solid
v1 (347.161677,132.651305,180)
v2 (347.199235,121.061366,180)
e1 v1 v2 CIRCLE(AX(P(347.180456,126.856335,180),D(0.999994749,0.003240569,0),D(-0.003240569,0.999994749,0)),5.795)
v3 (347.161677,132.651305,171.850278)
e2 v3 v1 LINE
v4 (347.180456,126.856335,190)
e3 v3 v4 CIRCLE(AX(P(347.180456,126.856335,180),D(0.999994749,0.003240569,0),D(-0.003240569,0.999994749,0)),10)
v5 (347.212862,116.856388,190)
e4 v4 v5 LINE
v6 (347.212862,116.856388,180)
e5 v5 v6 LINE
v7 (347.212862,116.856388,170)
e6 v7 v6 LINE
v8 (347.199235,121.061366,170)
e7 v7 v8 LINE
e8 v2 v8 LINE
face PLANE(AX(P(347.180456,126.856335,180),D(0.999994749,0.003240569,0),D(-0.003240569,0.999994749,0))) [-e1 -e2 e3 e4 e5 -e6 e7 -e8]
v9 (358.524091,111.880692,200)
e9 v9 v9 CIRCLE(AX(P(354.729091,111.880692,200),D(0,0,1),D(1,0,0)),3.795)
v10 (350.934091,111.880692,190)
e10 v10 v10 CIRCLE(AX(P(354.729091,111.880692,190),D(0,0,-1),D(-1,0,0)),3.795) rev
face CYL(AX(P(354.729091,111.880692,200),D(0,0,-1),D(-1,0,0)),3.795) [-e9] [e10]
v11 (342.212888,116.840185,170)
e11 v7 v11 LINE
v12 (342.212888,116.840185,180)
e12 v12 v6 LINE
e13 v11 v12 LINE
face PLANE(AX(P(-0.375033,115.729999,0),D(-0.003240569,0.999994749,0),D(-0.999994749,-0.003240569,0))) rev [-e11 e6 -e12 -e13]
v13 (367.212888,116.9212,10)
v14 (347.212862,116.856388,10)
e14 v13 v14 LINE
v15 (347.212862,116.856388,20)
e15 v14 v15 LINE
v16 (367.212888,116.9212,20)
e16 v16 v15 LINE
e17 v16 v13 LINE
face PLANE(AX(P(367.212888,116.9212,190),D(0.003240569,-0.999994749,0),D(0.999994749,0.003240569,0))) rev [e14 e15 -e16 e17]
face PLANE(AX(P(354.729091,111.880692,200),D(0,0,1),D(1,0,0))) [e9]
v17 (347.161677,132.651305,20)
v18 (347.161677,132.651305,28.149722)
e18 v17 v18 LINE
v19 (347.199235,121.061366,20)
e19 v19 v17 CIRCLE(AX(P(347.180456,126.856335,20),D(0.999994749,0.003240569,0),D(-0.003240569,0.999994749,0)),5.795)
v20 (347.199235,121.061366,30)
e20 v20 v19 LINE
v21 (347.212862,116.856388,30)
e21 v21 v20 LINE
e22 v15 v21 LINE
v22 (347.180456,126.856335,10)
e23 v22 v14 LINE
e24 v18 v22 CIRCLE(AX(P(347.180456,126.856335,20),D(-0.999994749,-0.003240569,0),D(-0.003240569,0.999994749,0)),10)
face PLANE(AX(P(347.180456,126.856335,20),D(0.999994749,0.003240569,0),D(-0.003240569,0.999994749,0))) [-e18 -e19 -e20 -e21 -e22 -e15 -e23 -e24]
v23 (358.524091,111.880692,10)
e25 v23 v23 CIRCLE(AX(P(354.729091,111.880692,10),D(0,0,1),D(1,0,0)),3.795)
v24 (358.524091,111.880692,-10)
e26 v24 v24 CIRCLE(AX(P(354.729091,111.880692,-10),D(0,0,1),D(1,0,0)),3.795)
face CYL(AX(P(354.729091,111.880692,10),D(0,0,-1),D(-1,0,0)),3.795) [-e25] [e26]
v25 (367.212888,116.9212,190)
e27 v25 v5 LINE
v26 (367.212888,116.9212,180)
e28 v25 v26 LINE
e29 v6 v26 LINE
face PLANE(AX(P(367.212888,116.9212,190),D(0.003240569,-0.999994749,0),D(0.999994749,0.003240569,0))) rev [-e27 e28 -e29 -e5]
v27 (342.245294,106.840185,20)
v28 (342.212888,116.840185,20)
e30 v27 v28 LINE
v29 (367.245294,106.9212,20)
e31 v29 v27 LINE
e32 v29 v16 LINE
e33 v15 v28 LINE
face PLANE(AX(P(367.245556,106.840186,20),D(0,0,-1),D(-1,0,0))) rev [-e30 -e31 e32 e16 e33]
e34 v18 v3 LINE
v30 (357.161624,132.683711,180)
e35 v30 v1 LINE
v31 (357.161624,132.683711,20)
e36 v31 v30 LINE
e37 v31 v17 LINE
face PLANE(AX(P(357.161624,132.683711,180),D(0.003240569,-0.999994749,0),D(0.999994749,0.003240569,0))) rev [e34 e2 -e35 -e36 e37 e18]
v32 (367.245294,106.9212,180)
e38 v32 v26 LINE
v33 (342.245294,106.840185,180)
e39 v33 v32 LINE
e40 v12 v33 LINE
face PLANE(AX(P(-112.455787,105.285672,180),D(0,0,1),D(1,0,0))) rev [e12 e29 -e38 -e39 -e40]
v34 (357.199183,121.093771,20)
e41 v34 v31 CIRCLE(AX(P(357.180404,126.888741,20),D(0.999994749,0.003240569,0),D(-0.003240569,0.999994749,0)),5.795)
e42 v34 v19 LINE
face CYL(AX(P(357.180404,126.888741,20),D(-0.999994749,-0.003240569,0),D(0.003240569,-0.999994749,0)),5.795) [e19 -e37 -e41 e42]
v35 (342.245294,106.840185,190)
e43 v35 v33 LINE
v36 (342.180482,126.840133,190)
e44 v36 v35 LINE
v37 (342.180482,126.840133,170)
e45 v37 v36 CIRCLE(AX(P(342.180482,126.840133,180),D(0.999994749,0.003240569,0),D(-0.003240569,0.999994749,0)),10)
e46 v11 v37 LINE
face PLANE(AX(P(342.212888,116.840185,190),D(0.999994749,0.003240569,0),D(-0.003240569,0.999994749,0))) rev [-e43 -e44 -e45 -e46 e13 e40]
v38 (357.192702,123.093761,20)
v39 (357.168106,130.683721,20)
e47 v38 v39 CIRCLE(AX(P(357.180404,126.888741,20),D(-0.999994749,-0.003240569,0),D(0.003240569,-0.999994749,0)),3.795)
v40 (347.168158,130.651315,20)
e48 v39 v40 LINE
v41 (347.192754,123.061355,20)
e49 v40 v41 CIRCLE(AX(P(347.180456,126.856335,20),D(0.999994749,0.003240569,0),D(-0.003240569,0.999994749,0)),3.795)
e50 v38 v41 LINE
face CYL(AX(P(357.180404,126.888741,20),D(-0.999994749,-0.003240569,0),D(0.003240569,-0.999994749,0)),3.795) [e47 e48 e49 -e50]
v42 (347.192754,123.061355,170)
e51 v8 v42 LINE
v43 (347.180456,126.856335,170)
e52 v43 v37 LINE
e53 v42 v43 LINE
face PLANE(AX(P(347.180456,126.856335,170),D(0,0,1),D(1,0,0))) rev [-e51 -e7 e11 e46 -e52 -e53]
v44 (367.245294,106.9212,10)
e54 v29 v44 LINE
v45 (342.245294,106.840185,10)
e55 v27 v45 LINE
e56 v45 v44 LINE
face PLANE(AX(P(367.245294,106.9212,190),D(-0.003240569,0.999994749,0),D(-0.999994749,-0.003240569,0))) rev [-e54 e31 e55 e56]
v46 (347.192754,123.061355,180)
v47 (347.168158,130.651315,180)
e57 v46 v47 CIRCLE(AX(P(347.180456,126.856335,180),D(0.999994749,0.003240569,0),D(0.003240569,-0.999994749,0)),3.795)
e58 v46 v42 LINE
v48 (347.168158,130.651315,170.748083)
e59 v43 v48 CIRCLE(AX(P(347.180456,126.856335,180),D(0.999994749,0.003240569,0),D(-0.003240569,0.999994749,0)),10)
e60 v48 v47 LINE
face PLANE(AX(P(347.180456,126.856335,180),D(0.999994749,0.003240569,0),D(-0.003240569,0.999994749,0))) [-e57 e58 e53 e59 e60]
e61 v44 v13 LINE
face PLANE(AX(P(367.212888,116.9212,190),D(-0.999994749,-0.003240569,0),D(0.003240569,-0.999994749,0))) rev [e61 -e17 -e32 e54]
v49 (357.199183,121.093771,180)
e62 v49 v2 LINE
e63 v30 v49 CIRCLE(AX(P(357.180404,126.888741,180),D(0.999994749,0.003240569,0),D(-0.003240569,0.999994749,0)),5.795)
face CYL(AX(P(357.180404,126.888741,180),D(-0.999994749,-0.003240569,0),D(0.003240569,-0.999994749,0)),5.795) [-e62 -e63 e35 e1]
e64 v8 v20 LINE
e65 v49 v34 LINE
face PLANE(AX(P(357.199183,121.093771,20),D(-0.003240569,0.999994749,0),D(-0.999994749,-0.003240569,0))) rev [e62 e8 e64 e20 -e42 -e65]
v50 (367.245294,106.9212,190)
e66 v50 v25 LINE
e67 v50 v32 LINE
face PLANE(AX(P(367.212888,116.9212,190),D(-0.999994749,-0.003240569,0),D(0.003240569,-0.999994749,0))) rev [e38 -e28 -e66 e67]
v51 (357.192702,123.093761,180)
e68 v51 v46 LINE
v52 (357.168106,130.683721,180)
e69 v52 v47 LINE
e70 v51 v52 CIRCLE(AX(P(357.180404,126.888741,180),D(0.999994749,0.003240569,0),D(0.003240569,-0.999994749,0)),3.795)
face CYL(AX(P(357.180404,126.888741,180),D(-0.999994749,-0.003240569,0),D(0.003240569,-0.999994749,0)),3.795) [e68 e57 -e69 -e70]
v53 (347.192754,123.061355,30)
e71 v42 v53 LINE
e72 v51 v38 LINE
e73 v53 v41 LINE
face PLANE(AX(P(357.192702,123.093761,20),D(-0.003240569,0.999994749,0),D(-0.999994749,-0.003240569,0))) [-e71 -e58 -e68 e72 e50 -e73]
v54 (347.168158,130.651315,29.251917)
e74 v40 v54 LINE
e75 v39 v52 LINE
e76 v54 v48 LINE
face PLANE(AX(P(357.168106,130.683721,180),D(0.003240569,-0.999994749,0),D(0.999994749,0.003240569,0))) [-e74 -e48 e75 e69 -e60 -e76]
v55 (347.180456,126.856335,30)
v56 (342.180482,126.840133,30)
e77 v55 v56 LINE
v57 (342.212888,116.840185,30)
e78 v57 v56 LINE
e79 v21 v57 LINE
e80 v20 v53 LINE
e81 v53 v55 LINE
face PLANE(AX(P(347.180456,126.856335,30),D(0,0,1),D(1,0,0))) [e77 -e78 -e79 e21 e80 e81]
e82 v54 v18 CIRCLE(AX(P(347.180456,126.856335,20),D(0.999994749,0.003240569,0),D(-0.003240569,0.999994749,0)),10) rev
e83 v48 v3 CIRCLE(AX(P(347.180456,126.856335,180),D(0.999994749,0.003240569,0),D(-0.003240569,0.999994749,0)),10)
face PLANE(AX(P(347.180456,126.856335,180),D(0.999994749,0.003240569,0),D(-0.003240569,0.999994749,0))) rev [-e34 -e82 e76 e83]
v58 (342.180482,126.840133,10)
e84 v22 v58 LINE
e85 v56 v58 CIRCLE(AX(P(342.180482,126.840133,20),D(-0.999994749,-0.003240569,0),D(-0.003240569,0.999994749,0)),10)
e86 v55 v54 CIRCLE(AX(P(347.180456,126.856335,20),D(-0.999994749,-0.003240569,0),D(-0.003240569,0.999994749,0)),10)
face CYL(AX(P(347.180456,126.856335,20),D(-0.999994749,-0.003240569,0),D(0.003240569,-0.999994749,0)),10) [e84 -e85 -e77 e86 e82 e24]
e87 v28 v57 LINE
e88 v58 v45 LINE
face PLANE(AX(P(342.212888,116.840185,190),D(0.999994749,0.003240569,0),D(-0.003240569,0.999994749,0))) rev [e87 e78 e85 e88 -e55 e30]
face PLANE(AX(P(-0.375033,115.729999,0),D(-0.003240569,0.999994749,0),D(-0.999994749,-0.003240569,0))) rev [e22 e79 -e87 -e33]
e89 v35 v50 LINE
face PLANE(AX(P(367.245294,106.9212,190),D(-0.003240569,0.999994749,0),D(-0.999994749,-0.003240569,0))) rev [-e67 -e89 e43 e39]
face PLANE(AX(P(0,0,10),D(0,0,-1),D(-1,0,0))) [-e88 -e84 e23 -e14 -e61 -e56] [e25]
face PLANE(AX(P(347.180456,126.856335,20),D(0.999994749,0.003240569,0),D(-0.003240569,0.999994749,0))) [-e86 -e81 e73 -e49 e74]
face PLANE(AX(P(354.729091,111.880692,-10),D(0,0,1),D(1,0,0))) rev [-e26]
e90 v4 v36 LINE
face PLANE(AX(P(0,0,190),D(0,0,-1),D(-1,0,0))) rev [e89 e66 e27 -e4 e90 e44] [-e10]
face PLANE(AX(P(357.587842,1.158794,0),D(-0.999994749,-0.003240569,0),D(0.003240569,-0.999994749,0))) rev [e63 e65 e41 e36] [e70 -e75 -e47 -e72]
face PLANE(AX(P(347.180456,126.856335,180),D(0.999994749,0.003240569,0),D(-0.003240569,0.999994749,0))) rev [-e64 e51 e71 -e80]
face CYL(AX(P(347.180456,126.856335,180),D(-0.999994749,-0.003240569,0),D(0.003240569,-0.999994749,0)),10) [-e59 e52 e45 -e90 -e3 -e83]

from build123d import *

# Parameters (mm, degrees)
SKETCH1_R           = 3.795
BOSS_EXTRUDE1_DEPTH = 10
BOSS_EXTRUDE2_DEPTH = 180
BOSS_EXTRUDE3_START = 10
SKETCH4_R           = 3.795
BOSS_EXTRUDE3_DEPTH = 10
SKETCH7_R           = 3.795
BOSS_EXTRUDE6_DEPTH = 5
SKETCH7_2_R         = 3.795
BOSS_EXTRUDE7_DEPTH = 15
BOSS_EXTRUDE8_DEPTH = 10
SKETCH9_W           = 479.703862309
SKETCH9_H           = 160
CUT_EXTRUDE1_DEPTH  = 420.035827381


with BuildPart() as part:
    # Sketch1 → Boss-Extrude1 (new, symmetric)
    with BuildSketch(Plane.XY):
        with Locations((354.729090947, 111.880692363)):
            Circle(SKETCH1_R)
    extrude(amount=BOSS_EXTRUDE1_DEPTH, both=True)

    # Sketch3 → Boss-Extrude2 (add)
    with BuildSketch(Plane.XY.offset(10)):
        Polygon((367.212888015, 116.921199692), (342.212888015, 116.840185034), (342.245293879, 106.840185034), (367.245293879, 106.921199692), align=None)
    extrude(amount=BOSS_EXTRUDE2_DEPTH)

    # Sketch4 → Boss-Extrude3 (add)
    with BuildSketch(Plane.XY.offset(190).offset(BOSS_EXTRUDE3_START)):
        with Locations((354.729090947, 111.880692363)):
            Circle(SKETCH4_R)
    extrude(amount=-BOSS_EXTRUDE3_DEPTH)

    # Sketch7 → Boss-Extrude6 (add)
    with BuildSketch(Plane(origin=(342.587921066, 1.110185725, 0), x_dir=(0, 0, 1), z_dir=(-0.9999947493415573, -0.0032405692888977803, 0))):
        with BuildLine():
            Line((10, 115.730606971), (10, 125.730606971))
            ThreePointArc((10, 125.730606971), (20, 135.730606971), (30, 125.730606971))
            Line((30, 125.730606971), (30, 115.730606971))
            Line((30, 115.730606971), (10, 115.730606971))
        make_face()
        with Locations((20, 125.730606971)):
            Circle(SKETCH7_R, mode=Mode.SUBTRACT)
    boss_extrude6 = extrude(amount=-BOSS_EXTRUDE6_DEPTH)

    # Sketch7<2> → Boss-Extrude7 (add)
    with BuildSketch(Plane(origin=(342.587921066, 1.110185725, 0), x_dir=(0, 0, 1), z_dir=(-0.9999947493415573, -0.0032405692888977803, 0))):
        with Locations((20, 125.730606971)):
            Circle(SKETCH7_2_R)
    boss_extrude7 = extrude(amount=-BOSS_EXTRUDE7_DEPTH)

    # Mirror2: Boss-Extrude6, Boss-Extrude7 across plane
    add(boss_extrude6.mirror(Plane.XY.offset(100)))
    add(boss_extrude7.mirror(Plane.XY.offset(100)))

    # Sketch8 → Boss-Extrude8 (add)
    with BuildSketch(Plane(origin=(347.587894813, 1.126388571, 0), x_dir=(0, 0, -1), z_dir=(0.9999947493415573, 0.003240569288897781, 0))):
        with BuildLine():
            Line((-180, 131.525606971), (-20, 131.525606971))
            ThreePointArc((-20, 131.525606971), (-14.205, 125.730606971), (-20, 119.935606971))
            Line((-20, 119.935606971), (-180, 119.935606971))
            ThreePointArc((-180, 119.935606971), (-185.795, 125.730606971), (-180, 131.525606971))
        make_face()
        with BuildLine():
            Line((-180, 129.525606971), (-20, 129.525606971))
            ThreePointArc((-20, 129.525606971), (-16.205, 125.730606971), (-20, 121.935606971))
            Line((-20, 121.935606971), (-180, 121.935606971))
            ThreePointArc((-180, 121.935606971), (-183.795, 125.730606971), (-180, 129.525606971))
        make_face(mode=Mode.SUBTRACT)
    extrude(amount=BOSS_EXTRUDE8_DEPTH)

    # Sketch9 → Cut-Extrude1 (cut, through all)
    with BuildSketch(Plane(origin=(-0.375033051, 115.729999309, 0), x_dir=(0.9999947493415573, 0.003240569288896666, 0), z_dir=(-0.003240569288896666, 0.9999947493415573, 0))):
        with Locations((127.73792, -100)):
            Rectangle(SKETCH9_W, SKETCH9_H)
    extrude(amount=-CUT_EXTRUDE1_DEPTH, mode=Mode.SUBTRACT)


solid = part.part
